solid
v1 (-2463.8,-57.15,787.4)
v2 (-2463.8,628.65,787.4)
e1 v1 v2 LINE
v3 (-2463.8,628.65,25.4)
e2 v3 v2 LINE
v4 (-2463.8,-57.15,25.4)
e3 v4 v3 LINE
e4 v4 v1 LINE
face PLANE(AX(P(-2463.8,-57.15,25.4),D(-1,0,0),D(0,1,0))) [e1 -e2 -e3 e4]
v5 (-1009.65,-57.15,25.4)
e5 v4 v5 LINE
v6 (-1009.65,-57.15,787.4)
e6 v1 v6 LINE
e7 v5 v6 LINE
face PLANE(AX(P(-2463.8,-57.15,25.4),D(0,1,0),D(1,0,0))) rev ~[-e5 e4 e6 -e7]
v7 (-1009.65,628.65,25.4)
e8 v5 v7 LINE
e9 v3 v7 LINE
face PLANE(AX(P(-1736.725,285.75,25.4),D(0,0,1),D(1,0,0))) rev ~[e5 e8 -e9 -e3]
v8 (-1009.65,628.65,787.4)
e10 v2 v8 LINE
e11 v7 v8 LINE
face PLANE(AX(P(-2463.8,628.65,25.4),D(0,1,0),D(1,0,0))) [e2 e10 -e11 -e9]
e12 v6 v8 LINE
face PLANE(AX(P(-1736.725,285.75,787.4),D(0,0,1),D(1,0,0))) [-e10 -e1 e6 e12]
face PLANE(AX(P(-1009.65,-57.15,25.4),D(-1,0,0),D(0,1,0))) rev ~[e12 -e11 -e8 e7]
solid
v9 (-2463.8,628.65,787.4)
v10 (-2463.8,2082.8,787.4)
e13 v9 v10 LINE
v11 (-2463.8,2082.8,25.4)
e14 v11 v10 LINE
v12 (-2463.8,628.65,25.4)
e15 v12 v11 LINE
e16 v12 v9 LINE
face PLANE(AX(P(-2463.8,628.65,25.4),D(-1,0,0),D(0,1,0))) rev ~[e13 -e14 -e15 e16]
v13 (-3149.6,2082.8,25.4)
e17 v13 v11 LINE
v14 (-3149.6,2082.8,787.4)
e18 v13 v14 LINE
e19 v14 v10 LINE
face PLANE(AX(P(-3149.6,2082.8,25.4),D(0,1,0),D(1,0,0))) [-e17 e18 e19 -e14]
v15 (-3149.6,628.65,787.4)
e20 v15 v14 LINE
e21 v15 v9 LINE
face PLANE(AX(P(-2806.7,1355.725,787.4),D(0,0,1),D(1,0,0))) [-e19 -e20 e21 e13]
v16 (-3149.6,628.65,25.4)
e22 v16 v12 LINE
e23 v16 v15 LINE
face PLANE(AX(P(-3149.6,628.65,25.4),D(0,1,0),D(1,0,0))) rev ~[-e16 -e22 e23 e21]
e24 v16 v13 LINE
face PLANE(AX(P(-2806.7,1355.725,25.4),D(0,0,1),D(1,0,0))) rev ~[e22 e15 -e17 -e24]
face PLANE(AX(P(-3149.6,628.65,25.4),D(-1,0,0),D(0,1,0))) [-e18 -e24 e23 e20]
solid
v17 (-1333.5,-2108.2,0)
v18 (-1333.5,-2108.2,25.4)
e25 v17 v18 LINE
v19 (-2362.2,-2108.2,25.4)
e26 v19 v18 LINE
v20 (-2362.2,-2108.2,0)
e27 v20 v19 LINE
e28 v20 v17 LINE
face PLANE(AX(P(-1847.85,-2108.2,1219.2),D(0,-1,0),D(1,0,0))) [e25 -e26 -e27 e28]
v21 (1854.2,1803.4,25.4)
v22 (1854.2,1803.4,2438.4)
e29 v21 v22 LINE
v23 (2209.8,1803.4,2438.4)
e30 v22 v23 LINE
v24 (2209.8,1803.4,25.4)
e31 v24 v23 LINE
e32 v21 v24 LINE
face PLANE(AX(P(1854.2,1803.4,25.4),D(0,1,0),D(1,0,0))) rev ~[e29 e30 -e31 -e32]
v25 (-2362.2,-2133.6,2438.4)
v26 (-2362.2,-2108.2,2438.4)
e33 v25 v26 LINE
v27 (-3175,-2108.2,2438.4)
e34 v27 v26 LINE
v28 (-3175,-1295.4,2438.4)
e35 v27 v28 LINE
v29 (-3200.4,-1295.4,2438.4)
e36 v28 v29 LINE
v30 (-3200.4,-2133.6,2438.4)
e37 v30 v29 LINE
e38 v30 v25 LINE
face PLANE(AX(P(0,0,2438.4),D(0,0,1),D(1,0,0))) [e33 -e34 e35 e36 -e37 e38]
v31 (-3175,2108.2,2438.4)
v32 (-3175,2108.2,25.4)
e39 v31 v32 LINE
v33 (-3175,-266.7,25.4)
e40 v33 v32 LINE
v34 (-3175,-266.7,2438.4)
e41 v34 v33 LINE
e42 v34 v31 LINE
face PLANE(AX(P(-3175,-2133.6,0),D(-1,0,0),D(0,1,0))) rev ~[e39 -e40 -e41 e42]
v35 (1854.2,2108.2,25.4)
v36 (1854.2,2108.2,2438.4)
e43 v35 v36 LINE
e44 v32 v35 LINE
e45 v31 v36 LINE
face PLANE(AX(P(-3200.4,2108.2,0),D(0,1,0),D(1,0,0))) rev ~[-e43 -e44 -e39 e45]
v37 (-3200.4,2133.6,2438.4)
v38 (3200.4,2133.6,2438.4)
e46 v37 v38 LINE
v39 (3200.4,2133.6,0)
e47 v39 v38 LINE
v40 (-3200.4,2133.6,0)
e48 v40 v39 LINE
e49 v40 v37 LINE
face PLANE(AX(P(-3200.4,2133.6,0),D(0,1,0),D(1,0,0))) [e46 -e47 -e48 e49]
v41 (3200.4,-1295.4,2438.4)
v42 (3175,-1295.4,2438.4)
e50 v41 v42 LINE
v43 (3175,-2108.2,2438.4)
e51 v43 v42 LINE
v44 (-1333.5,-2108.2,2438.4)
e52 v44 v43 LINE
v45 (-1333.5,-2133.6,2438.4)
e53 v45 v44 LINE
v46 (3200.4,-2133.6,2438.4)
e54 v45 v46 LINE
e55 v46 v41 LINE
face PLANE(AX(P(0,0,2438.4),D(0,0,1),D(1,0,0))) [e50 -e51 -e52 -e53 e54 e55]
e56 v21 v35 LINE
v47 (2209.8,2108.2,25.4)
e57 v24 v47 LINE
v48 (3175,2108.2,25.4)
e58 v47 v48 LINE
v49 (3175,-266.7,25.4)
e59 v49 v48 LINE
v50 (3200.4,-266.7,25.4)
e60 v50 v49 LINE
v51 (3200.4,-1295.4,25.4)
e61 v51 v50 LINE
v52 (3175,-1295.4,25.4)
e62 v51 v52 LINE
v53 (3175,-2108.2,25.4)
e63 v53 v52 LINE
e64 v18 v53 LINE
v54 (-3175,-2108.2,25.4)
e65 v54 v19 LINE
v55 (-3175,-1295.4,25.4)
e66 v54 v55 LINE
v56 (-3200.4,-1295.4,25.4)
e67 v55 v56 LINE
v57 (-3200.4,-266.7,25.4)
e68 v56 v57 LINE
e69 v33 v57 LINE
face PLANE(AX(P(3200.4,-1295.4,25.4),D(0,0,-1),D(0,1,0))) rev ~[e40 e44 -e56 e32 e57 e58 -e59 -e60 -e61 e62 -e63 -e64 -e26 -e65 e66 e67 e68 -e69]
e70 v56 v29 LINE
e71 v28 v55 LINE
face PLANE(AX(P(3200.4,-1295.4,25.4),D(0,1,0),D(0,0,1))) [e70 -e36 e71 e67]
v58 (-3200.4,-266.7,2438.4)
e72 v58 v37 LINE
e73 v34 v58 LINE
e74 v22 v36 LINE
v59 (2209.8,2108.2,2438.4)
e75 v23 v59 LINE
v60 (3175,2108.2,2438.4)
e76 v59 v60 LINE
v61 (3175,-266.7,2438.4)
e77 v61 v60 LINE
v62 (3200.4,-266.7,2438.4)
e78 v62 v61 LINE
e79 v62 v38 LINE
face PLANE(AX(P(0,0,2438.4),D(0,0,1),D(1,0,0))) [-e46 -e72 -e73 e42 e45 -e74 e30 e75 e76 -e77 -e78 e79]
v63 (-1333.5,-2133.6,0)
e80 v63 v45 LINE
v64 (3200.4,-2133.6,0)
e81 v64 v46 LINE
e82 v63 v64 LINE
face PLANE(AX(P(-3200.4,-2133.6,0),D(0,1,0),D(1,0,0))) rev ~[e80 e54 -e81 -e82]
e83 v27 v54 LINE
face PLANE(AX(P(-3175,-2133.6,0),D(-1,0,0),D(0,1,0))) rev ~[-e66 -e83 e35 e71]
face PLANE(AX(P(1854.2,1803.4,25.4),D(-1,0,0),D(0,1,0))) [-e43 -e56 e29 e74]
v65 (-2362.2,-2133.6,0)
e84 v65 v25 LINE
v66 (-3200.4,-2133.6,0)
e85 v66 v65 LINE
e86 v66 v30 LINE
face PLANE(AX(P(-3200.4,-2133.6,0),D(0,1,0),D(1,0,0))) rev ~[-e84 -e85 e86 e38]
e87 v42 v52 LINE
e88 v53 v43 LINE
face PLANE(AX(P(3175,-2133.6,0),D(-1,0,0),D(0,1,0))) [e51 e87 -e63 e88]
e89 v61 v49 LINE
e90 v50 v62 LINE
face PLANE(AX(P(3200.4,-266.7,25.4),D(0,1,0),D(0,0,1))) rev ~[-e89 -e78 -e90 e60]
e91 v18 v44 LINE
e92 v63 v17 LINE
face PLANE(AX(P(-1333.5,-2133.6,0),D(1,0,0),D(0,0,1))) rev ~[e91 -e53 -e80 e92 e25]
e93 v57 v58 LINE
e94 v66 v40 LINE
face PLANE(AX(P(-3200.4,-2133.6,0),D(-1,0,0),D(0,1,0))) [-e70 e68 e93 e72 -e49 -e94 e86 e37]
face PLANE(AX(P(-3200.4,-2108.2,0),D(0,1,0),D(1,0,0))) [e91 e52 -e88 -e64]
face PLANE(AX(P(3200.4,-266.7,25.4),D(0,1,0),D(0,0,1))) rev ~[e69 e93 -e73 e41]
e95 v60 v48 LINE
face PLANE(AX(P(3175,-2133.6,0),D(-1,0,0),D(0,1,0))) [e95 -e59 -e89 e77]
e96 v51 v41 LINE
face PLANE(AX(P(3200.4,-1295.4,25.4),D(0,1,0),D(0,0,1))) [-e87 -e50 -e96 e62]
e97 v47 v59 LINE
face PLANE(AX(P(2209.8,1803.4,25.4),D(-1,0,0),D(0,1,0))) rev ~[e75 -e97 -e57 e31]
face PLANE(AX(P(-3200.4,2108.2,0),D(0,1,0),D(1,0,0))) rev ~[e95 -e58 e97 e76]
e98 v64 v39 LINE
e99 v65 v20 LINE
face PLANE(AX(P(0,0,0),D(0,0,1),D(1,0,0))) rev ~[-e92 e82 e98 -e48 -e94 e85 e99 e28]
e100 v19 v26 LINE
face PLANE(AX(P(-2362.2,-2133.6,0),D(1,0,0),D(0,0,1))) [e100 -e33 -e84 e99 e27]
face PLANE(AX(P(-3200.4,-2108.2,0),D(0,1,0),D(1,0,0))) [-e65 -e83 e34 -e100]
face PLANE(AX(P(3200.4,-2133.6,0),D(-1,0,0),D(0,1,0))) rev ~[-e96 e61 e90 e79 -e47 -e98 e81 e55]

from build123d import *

# Parameters (mm, degrees)
F0_W      = 6400.8
F0_H      = 4267.2
F1_DEPTH  = 2438.4
F2_T      = -25.4
F3_W      = 1028.7
F3_H      = 2413
F4_DEPTH  = 6400.8
F5_W      = 1028.7
F5_H      = 2438.4
F6_DEPTH  = 25.4
F7_W      = 355.6
F7_H      = 304.8
F8_DEPTH  = 2413
F9_W      = 685.8
F9_H      = 1454.15
F10_DEPTH = 762
F11_W     = 1454.15
F11_H     = 685.8
F12_DEPTH = 762


with BuildPart() as f1:
    # F0 (on Top) → F1 (new body)
    with BuildSketch(Plane.XY):
        Rectangle(F0_W, F0_H)
    extrude(amount=F1_DEPTH)

    # F2
    f2_openings = [f1.faces().sort_by_distance(p)[0] for p in [
        (0, 0, 2438.4),
    ]]
    offset(amount=F2_T, openings=f2_openings)

    # F3 (on face) → F4 (cut, through all)
    with BuildSketch(Plane.YZ.offset(3200.4)):
        with Locations((-781.05, 1231.9)):
            Rectangle(F3_W, F3_H)
    extrude(amount=-F4_DEPTH, mode=Mode.SUBTRACT)

    # F5 (on face) → F6 (cut)
    with BuildSketch(Plane.XZ.offset(2133.6)):
        with Locations((-1847.85, 1219.2)):
            Rectangle(F5_W, F5_H)
    extrude(amount=-F6_DEPTH, mode=Mode.SUBTRACT)

    # F7 (on face) → F8 (join, through all)
    with BuildSketch(Plane.XY.offset(25.4)):
        with Locations((2032, 1955.8)):
            Rectangle(F7_W, F7_H)
    extrude(amount=F8_DEPTH)


with BuildPart() as f10:
    # F9 (on face) → F10 (new body)
    with BuildSketch(Plane.XY.offset(25.4)):
        with Locations((-2806.7, 1355.725)):
            Rectangle(F9_W, F9_H)
    extrude(amount=F10_DEPTH)


with BuildPart() as f12:
    # F11 (on face) → F12 (new body)
    with BuildSketch(Plane.XY.offset(25.4)):
        with Locations((-1736.725, 285.75)):
            Rectangle(F11_W, F11_H)
    extrude(amount=F12_DEPTH)


solid = Compound([f1.part, f10.part, f12.part])
